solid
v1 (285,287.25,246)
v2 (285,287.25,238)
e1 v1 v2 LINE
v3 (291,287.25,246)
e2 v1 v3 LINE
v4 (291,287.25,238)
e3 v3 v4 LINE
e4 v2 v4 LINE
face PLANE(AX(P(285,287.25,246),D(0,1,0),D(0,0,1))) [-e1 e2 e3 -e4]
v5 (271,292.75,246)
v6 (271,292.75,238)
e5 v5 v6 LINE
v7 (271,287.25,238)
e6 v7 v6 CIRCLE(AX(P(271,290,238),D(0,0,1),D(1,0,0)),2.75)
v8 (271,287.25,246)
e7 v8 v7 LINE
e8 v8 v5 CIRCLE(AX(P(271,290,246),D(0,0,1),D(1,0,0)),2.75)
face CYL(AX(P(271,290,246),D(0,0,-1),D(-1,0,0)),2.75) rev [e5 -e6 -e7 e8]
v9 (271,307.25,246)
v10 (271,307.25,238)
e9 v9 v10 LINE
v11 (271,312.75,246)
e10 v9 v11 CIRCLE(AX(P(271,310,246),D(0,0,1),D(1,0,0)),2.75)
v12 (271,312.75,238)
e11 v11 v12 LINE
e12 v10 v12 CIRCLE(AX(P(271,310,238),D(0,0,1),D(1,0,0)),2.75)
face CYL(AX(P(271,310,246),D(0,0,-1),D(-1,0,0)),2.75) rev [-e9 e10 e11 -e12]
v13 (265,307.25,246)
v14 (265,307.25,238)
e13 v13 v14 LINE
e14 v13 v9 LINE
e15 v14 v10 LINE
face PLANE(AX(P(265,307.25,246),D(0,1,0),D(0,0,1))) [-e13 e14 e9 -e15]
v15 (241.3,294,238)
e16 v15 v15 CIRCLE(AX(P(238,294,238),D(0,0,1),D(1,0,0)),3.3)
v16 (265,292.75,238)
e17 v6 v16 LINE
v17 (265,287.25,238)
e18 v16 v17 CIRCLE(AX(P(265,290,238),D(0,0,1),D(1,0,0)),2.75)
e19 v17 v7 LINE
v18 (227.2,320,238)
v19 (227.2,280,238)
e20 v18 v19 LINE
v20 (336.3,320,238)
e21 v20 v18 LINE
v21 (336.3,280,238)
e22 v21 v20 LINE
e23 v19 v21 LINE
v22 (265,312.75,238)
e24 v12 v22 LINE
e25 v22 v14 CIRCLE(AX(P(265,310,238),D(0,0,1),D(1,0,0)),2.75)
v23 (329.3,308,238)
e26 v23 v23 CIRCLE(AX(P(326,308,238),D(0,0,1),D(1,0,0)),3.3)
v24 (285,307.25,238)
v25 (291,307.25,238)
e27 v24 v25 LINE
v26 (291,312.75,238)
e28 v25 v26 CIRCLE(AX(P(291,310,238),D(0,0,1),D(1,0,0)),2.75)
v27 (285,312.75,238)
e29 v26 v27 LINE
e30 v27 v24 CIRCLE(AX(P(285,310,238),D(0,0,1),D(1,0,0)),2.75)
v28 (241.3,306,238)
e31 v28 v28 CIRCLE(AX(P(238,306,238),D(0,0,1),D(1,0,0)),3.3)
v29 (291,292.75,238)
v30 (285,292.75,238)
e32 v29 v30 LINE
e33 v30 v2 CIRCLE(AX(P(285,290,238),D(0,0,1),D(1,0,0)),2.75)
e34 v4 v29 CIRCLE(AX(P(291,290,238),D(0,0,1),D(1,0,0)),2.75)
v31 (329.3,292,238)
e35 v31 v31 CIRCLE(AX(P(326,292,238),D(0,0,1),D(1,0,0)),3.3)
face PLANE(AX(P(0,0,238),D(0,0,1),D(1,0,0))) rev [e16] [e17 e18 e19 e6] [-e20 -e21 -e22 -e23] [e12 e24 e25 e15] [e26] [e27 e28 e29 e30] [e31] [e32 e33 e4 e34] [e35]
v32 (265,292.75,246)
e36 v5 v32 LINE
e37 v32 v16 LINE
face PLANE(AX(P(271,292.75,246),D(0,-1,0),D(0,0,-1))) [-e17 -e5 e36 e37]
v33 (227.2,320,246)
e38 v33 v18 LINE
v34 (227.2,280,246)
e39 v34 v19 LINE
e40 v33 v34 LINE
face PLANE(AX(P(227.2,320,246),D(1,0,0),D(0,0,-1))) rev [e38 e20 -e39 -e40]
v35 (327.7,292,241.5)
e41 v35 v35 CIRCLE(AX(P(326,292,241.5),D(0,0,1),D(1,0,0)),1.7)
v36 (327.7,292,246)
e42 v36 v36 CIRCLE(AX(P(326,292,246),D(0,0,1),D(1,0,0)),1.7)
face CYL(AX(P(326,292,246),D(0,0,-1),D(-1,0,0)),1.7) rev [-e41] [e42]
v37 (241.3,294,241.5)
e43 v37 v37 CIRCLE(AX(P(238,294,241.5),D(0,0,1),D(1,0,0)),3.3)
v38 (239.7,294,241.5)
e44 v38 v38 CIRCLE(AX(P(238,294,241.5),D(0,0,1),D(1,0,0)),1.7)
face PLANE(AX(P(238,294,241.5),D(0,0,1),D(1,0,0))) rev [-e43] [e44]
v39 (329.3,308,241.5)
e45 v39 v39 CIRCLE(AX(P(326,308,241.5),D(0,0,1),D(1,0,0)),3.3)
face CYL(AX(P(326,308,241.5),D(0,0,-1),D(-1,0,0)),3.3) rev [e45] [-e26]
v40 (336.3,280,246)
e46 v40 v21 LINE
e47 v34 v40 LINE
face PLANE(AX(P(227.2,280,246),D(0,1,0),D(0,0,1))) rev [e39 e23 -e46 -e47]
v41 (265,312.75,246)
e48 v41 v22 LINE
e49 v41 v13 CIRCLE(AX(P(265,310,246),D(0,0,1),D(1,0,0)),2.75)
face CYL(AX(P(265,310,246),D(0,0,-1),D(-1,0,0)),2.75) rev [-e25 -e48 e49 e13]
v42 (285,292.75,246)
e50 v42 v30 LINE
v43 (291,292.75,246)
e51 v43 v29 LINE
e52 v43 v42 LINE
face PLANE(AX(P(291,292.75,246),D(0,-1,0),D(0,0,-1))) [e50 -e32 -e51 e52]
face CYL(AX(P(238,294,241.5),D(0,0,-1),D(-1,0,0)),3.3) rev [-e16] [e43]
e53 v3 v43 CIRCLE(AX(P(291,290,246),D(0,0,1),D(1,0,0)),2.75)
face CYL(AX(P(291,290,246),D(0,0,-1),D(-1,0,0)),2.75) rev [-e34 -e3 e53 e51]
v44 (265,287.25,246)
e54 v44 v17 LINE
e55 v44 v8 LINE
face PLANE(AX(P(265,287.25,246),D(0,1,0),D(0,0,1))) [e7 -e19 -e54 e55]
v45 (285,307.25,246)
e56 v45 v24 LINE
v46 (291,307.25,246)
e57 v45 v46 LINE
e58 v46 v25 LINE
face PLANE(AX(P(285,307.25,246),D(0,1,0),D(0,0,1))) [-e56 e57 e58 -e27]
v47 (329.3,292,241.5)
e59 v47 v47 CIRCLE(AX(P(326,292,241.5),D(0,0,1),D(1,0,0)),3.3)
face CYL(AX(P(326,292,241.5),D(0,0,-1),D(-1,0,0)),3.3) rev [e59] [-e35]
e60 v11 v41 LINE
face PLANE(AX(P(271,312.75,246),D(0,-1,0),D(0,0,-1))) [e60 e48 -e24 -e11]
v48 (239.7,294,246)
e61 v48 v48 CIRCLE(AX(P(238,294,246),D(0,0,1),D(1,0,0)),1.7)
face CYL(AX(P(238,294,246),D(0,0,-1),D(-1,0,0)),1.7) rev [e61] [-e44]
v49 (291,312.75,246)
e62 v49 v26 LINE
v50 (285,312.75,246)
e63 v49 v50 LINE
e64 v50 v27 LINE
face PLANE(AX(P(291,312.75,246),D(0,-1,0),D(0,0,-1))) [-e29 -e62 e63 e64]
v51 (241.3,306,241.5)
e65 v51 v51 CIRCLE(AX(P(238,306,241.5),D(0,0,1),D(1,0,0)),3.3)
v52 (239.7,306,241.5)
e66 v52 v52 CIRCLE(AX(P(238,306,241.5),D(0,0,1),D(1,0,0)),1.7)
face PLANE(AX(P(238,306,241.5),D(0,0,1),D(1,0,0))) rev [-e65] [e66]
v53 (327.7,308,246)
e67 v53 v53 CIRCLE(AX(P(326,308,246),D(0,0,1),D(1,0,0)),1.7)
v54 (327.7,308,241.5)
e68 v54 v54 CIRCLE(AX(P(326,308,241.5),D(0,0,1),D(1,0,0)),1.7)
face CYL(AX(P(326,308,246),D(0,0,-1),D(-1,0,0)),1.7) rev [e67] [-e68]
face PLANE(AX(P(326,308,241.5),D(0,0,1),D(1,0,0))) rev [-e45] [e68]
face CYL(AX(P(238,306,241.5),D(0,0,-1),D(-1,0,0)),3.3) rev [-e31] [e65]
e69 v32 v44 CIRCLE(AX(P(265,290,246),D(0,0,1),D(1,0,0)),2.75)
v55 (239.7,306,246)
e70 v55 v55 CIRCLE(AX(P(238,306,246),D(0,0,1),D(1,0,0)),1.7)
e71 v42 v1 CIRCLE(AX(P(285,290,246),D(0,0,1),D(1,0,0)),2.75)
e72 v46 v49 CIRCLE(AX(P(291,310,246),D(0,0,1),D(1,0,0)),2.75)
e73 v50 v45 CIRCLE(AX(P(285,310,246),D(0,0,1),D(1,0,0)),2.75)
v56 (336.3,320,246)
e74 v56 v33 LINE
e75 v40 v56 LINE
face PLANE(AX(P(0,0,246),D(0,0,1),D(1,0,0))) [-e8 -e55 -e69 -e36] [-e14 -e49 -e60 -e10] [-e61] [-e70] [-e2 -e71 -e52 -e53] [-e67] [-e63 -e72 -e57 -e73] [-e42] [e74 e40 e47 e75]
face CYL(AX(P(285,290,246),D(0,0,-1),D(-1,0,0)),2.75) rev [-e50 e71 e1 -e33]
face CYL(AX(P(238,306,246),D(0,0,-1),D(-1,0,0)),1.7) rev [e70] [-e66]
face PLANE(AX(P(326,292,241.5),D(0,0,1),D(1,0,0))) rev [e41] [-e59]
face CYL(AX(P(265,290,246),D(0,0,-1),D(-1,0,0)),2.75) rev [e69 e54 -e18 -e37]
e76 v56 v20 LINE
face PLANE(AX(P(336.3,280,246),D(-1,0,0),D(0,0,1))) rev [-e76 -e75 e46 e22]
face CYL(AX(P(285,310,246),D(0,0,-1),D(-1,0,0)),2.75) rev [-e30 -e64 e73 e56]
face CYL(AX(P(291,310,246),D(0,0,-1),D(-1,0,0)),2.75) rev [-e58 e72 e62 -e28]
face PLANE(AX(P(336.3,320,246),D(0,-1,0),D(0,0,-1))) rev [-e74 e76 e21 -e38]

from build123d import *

# Parameters (mm, degrees)
SKETCH1_W           = 109.1
SKETCH1_H           = 40
SKETCH1_R           = 1.7
BOSS_EXTRUDE1_DEPTH = 8
SKETCH2_R           = 3.3
CUT_EXTRUDE1_DEPTH  = 3.5


with BuildPart() as part:
    # Sketch1 → Boss-Extrude1 (new body)
    with BuildSketch(Plane.XY.offset(238)):
        with Locations((281.75, 300)):
            Rectangle(SKETCH1_W, SKETCH1_H)
        with Locations((238, 294)):
            Circle(SKETCH1_R, mode=Mode.SUBTRACT)
        with Locations((238, 306)):
            Circle(SKETCH1_R, mode=Mode.SUBTRACT)
        with Locations((326, 292)):
            Circle(SKETCH1_R, mode=Mode.SUBTRACT)
        with Locations((326, 308)):
            Circle(SKETCH1_R, mode=Mode.SUBTRACT)
        with BuildLine():
            Line((265, 287.25), (271, 287.25))
            ThreePointArc((271, 287.25), (273.75, 290), (271, 292.75))
            Line((271, 292.75), (265, 292.75))
            ThreePointArc((265, 292.75), (262.25, 290), (265, 287.25))
        make_face(mode=Mode.SUBTRACT)
        with BuildLine():
            Line((265, 307.25), (271, 307.25))
            ThreePointArc((271, 307.25), (273.75, 310), (271, 312.75))
            Line((271, 312.75), (265, 312.75))
            ThreePointArc((265, 312.75), (262.25, 310), (265, 307.25))
        make_face(mode=Mode.SUBTRACT)
        with BuildLine():
            Line((285, 287.25), (291, 287.25))
            ThreePointArc((291, 287.25), (293.75, 290), (291, 292.75))
            Line((291, 292.75), (285, 292.75))
            ThreePointArc((285, 292.75), (282.25, 290), (285, 287.25))
        make_face(mode=Mode.SUBTRACT)
        with BuildLine():
            Line((285, 307.25), (291, 307.25))
            ThreePointArc((291, 307.25), (293.75, 310), (291, 312.75))
            Line((291, 312.75), (285, 312.75))
            ThreePointArc((285, 312.75), (282.25, 310), (285, 307.25))
        make_face(mode=Mode.SUBTRACT)
    extrude(amount=BOSS_EXTRUDE1_DEPTH)

    # Sketch2 → Cut-Extrude1 (cut)
    with BuildSketch(Plane.XY.offset(238)):
        with Locations((238, 294)):
            Circle(SKETCH2_R)
        with Locations((238, 306)):
            Circle(SKETCH2_R)
        with Locations((326, 292)):
            Circle(SKETCH2_R)
        with Locations((326, 308)):
            Circle(SKETCH2_R)
    extrude(amount=CUT_EXTRUDE1_DEPTH, mode=Mode.SUBTRACT)


solid = part.part
